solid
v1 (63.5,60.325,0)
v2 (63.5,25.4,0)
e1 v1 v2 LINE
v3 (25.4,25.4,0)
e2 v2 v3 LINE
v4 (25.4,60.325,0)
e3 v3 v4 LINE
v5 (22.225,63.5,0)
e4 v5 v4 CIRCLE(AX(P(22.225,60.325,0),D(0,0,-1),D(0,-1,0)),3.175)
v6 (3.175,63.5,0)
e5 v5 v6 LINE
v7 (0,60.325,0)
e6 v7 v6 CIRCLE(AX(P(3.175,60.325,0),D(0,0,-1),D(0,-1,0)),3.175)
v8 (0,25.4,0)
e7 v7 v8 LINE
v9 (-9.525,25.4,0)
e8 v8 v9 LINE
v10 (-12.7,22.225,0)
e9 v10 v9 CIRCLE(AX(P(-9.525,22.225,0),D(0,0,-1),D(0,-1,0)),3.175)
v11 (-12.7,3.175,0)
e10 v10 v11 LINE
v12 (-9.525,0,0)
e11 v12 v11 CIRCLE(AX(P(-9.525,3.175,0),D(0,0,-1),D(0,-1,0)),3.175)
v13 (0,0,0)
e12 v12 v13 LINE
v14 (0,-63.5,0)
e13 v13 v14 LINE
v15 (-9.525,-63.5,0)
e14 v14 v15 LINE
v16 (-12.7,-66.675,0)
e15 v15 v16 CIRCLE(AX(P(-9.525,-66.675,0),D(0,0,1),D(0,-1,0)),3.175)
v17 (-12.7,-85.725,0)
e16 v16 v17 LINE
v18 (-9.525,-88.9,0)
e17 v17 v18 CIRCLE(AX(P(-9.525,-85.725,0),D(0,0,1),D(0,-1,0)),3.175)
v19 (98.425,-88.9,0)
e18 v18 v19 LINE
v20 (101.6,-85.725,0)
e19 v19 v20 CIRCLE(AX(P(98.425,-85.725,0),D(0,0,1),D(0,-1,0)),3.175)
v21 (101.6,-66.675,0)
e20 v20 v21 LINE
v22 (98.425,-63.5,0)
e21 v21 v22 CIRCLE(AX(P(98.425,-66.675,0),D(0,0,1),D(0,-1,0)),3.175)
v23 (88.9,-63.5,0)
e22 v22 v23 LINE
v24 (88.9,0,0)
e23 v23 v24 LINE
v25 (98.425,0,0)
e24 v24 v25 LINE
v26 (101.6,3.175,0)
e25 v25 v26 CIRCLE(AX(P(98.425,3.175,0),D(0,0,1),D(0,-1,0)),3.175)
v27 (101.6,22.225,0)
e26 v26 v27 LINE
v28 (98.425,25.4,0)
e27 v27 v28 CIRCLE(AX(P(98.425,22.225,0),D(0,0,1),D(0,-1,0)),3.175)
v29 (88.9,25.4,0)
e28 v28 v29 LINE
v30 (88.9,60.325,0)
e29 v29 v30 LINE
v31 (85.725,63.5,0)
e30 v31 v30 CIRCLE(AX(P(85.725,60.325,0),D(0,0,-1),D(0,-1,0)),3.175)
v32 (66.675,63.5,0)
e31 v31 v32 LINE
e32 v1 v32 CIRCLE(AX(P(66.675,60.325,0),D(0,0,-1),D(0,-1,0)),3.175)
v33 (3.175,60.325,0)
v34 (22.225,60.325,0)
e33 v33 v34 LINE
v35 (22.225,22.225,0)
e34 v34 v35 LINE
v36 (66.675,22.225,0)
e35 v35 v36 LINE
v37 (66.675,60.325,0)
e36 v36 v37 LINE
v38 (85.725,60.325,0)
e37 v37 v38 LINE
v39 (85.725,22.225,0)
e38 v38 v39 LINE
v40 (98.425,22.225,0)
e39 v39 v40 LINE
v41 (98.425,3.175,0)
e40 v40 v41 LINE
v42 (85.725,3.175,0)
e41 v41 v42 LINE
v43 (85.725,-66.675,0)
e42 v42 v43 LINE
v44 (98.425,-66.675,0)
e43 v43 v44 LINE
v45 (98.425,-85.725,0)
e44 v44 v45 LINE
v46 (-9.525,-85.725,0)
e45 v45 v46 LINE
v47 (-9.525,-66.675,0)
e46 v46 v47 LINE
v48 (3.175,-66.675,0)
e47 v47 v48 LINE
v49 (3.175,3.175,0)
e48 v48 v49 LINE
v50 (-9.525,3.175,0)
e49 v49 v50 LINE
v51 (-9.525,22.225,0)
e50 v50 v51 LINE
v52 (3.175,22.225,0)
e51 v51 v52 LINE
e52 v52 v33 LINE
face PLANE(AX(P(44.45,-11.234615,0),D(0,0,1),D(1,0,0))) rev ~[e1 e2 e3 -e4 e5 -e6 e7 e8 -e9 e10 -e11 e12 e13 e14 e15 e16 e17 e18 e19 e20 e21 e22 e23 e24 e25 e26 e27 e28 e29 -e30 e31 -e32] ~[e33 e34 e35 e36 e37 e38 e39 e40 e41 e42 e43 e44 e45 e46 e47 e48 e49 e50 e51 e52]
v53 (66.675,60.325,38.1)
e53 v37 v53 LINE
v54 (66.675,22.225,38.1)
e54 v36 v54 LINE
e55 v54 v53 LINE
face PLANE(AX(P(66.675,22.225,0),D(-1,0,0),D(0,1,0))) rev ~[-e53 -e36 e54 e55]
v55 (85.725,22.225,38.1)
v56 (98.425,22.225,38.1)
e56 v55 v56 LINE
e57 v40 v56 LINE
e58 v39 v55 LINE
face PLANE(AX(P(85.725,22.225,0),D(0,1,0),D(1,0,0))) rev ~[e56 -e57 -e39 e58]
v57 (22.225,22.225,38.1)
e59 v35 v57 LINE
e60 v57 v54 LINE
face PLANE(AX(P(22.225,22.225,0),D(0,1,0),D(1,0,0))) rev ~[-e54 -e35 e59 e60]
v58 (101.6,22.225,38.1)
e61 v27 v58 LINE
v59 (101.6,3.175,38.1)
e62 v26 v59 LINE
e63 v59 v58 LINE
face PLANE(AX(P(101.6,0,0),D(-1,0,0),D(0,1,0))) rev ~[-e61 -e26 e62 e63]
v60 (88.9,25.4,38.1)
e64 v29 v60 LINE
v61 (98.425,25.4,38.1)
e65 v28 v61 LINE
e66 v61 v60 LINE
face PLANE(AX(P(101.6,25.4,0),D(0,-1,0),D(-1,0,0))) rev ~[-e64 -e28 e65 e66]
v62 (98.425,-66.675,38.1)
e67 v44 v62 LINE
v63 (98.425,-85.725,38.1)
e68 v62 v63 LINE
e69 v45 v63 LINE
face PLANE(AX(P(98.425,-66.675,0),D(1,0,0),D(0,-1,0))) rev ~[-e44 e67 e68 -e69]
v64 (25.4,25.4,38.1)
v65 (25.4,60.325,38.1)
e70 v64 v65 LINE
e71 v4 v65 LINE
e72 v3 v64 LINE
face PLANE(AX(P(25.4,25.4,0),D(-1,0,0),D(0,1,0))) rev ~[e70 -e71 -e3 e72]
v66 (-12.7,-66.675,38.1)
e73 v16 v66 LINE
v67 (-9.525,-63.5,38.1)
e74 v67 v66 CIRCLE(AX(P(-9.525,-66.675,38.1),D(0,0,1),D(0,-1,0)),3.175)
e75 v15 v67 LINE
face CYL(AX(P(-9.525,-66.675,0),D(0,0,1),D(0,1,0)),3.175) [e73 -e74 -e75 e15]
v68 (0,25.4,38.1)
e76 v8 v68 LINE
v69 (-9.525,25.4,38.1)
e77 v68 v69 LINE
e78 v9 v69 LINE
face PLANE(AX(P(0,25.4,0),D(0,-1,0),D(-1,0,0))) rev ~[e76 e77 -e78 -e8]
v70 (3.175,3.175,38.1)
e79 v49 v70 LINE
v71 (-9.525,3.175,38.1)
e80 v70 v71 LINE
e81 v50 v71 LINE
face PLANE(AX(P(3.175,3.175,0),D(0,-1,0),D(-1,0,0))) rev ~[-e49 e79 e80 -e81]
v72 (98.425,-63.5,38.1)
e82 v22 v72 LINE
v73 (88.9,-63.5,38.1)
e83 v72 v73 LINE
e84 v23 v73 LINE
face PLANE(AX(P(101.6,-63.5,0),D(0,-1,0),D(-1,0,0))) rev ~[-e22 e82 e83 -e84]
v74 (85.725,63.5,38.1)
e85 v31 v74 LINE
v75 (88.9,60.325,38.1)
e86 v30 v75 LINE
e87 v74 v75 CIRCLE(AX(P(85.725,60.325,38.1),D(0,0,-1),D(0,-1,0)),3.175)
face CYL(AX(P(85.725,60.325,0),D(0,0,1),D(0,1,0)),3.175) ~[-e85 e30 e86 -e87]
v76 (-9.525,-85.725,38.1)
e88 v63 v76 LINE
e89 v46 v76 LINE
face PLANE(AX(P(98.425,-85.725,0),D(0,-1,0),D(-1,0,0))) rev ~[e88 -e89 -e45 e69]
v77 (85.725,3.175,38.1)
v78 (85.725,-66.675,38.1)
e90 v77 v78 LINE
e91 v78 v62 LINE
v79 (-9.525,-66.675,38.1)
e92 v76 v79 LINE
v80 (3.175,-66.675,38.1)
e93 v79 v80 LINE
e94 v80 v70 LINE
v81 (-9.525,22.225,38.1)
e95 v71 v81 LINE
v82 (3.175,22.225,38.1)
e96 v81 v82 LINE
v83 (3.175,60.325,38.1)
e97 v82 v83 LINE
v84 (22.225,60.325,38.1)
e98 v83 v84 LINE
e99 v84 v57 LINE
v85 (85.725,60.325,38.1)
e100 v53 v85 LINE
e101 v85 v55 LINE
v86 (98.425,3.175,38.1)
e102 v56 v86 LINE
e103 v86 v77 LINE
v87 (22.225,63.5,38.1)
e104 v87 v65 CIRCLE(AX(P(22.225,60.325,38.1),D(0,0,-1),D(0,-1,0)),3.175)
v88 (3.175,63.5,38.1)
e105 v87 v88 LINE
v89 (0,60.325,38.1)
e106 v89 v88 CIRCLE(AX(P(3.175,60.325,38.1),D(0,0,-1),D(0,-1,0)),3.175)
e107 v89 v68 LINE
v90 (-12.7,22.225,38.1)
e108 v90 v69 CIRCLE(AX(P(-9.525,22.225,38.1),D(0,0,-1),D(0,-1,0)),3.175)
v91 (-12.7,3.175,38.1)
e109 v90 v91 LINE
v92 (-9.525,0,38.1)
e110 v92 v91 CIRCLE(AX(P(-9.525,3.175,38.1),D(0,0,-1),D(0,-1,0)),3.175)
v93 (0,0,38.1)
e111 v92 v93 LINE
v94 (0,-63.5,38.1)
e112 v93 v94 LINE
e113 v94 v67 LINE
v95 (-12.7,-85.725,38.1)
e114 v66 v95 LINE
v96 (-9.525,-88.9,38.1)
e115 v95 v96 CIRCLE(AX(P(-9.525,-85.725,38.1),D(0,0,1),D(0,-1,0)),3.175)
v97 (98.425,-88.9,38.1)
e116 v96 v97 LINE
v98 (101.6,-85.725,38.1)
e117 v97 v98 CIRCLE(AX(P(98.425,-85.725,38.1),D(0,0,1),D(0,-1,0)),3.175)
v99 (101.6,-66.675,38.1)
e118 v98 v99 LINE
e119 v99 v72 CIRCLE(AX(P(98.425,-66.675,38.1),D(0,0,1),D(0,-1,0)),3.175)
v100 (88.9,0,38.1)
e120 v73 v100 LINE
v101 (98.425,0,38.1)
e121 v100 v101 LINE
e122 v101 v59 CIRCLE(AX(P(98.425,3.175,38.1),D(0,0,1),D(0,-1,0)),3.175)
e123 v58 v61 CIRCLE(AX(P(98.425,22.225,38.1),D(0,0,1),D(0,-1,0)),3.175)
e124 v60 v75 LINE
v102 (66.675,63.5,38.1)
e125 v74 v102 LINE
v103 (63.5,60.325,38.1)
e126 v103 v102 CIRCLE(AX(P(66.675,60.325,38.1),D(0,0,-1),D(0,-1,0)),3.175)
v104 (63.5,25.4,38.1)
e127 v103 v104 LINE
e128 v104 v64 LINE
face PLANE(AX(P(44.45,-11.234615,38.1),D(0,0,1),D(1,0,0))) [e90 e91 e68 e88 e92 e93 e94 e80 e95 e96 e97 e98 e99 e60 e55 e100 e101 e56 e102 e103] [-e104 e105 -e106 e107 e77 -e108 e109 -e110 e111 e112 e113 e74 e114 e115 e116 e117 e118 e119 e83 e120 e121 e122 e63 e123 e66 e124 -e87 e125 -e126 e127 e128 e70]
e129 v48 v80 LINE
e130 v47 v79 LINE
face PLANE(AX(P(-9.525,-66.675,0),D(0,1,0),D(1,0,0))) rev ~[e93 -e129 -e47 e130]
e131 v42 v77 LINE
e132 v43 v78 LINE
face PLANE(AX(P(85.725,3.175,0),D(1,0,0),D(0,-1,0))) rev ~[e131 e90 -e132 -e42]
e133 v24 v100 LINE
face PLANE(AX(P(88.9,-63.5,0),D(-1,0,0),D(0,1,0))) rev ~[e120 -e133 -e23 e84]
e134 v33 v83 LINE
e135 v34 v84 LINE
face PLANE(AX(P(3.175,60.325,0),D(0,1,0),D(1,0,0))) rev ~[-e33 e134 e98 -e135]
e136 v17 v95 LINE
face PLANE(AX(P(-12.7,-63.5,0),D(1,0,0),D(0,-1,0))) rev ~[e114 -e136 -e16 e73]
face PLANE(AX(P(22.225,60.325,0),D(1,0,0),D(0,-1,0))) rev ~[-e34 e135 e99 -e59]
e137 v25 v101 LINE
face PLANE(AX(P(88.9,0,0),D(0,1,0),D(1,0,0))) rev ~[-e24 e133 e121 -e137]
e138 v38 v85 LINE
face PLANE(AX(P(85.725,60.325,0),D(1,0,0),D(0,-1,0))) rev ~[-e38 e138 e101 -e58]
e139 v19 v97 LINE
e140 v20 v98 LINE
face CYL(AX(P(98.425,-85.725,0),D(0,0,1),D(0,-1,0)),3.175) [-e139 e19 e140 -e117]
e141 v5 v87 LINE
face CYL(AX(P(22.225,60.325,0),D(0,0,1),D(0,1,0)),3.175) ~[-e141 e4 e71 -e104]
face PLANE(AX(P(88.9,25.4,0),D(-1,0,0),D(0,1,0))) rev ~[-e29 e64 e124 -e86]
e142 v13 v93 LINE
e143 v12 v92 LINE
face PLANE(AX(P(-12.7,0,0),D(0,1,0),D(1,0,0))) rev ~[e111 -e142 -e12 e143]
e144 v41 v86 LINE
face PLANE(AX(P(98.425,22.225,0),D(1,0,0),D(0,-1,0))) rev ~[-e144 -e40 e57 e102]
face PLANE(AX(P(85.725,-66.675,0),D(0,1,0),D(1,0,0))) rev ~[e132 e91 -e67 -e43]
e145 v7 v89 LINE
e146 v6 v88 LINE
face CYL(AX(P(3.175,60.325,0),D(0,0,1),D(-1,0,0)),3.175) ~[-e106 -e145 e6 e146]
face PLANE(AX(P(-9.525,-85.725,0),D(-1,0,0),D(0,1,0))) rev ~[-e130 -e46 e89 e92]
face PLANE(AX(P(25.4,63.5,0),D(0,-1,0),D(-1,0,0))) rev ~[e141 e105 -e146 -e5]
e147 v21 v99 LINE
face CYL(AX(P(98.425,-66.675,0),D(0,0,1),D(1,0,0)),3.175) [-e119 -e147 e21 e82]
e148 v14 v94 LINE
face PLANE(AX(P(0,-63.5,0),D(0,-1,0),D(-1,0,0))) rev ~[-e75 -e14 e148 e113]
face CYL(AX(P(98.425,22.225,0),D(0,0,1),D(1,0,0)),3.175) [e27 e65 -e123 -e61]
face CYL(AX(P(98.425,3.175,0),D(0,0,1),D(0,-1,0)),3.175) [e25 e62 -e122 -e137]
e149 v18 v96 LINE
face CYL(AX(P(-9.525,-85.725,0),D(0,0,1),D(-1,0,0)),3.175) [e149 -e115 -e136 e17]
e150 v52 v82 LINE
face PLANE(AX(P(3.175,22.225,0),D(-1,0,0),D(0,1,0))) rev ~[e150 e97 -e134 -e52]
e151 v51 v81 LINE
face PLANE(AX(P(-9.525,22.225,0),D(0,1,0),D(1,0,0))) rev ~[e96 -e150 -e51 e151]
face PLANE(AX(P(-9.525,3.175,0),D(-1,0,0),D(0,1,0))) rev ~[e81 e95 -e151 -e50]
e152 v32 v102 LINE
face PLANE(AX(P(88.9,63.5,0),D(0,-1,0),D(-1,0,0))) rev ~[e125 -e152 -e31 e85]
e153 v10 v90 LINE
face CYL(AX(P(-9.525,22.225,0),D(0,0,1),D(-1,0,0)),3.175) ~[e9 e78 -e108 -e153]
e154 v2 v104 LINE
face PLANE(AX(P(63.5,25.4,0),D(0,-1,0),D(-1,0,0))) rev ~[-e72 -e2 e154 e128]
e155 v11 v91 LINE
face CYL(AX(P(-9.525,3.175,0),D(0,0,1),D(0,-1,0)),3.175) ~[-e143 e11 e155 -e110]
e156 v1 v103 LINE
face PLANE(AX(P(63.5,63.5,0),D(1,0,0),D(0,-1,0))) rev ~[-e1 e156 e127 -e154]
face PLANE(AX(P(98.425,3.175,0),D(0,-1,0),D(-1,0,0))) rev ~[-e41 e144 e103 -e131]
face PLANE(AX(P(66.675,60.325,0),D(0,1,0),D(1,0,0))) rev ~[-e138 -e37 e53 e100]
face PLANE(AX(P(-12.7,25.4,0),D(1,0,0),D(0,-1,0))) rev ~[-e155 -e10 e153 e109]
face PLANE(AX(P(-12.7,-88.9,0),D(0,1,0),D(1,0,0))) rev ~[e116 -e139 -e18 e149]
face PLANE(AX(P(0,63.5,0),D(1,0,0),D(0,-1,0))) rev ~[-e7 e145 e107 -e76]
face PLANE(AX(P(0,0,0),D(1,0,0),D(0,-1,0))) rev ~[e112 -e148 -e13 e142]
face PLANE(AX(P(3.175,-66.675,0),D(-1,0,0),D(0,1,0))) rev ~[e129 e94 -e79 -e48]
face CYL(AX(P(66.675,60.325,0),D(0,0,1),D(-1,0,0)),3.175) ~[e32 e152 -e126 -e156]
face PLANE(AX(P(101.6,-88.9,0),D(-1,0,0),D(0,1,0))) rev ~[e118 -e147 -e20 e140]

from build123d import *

# Parameters (mm, degrees)
F1_DEPTH = 38.1
F2_R     = 3.175


with BuildPart() as f1:
    # F0 (on Top) → F1 (new body)
    with BuildSketch(Plane.XY):
        Polygon((-12.7, 0), (0, 0), (0, -63.5), (-12.7, -63.5), (-12.7, -88.9), (101.6, -88.9), (101.6, -63.5), (88.9, -63.5), (88.9, 0), (101.6, 0), (101.6, 25.4), (88.9, 25.4), (88.9, 63.5), (63.5, 63.5), (63.5, 25.4), (25.4, 25.4), (25.4, 63.5), (0, 63.5), (0, 25.4), (-12.7, 25.4), align=None)
        Polygon((22.225, 60.325), (22.225, 22.225), (66.675, 22.225), (66.675, 60.325), (85.725, 60.325), (85.725, 22.225), (98.425, 22.225), (98.425, 3.175), (85.725, 3.175), (85.725, -66.675), (98.425, -66.675), (98.425, -85.725), (-9.525, -85.725), (-9.525, -66.675), (3.175, -66.675), (3.175, 3.175), (-9.525, 3.175), (-9.525, 22.225), (3.175, 22.225), (3.175, 60.325), align=None, mode=Mode.SUBTRACT)
    extrude(amount=F1_DEPTH)

    # F2
    f2_edges = [f1.edges().sort_by_distance(p)[0] for p in [
        (0, 63.5, 19.05),
        (25.4, 63.5, 19.05),
        (63.5, 63.5, 19.05),
        (88.9, 63.5, 19.05),
        (101.6, 25.4, 19.05),
        (101.6, 0, 19.05),
        (101.6, -63.5, 19.05),
        (101.6, -88.9, 19.05),
        (-12.7, 25.4, 19.05),
        (-12.7, 0, 19.05),
        (-12.7, -63.5, 19.05),
        (-12.7, -88.9, 19.05),
    ]]
    fillet(f2_edges, radius=F2_R)


solid = f1.part
